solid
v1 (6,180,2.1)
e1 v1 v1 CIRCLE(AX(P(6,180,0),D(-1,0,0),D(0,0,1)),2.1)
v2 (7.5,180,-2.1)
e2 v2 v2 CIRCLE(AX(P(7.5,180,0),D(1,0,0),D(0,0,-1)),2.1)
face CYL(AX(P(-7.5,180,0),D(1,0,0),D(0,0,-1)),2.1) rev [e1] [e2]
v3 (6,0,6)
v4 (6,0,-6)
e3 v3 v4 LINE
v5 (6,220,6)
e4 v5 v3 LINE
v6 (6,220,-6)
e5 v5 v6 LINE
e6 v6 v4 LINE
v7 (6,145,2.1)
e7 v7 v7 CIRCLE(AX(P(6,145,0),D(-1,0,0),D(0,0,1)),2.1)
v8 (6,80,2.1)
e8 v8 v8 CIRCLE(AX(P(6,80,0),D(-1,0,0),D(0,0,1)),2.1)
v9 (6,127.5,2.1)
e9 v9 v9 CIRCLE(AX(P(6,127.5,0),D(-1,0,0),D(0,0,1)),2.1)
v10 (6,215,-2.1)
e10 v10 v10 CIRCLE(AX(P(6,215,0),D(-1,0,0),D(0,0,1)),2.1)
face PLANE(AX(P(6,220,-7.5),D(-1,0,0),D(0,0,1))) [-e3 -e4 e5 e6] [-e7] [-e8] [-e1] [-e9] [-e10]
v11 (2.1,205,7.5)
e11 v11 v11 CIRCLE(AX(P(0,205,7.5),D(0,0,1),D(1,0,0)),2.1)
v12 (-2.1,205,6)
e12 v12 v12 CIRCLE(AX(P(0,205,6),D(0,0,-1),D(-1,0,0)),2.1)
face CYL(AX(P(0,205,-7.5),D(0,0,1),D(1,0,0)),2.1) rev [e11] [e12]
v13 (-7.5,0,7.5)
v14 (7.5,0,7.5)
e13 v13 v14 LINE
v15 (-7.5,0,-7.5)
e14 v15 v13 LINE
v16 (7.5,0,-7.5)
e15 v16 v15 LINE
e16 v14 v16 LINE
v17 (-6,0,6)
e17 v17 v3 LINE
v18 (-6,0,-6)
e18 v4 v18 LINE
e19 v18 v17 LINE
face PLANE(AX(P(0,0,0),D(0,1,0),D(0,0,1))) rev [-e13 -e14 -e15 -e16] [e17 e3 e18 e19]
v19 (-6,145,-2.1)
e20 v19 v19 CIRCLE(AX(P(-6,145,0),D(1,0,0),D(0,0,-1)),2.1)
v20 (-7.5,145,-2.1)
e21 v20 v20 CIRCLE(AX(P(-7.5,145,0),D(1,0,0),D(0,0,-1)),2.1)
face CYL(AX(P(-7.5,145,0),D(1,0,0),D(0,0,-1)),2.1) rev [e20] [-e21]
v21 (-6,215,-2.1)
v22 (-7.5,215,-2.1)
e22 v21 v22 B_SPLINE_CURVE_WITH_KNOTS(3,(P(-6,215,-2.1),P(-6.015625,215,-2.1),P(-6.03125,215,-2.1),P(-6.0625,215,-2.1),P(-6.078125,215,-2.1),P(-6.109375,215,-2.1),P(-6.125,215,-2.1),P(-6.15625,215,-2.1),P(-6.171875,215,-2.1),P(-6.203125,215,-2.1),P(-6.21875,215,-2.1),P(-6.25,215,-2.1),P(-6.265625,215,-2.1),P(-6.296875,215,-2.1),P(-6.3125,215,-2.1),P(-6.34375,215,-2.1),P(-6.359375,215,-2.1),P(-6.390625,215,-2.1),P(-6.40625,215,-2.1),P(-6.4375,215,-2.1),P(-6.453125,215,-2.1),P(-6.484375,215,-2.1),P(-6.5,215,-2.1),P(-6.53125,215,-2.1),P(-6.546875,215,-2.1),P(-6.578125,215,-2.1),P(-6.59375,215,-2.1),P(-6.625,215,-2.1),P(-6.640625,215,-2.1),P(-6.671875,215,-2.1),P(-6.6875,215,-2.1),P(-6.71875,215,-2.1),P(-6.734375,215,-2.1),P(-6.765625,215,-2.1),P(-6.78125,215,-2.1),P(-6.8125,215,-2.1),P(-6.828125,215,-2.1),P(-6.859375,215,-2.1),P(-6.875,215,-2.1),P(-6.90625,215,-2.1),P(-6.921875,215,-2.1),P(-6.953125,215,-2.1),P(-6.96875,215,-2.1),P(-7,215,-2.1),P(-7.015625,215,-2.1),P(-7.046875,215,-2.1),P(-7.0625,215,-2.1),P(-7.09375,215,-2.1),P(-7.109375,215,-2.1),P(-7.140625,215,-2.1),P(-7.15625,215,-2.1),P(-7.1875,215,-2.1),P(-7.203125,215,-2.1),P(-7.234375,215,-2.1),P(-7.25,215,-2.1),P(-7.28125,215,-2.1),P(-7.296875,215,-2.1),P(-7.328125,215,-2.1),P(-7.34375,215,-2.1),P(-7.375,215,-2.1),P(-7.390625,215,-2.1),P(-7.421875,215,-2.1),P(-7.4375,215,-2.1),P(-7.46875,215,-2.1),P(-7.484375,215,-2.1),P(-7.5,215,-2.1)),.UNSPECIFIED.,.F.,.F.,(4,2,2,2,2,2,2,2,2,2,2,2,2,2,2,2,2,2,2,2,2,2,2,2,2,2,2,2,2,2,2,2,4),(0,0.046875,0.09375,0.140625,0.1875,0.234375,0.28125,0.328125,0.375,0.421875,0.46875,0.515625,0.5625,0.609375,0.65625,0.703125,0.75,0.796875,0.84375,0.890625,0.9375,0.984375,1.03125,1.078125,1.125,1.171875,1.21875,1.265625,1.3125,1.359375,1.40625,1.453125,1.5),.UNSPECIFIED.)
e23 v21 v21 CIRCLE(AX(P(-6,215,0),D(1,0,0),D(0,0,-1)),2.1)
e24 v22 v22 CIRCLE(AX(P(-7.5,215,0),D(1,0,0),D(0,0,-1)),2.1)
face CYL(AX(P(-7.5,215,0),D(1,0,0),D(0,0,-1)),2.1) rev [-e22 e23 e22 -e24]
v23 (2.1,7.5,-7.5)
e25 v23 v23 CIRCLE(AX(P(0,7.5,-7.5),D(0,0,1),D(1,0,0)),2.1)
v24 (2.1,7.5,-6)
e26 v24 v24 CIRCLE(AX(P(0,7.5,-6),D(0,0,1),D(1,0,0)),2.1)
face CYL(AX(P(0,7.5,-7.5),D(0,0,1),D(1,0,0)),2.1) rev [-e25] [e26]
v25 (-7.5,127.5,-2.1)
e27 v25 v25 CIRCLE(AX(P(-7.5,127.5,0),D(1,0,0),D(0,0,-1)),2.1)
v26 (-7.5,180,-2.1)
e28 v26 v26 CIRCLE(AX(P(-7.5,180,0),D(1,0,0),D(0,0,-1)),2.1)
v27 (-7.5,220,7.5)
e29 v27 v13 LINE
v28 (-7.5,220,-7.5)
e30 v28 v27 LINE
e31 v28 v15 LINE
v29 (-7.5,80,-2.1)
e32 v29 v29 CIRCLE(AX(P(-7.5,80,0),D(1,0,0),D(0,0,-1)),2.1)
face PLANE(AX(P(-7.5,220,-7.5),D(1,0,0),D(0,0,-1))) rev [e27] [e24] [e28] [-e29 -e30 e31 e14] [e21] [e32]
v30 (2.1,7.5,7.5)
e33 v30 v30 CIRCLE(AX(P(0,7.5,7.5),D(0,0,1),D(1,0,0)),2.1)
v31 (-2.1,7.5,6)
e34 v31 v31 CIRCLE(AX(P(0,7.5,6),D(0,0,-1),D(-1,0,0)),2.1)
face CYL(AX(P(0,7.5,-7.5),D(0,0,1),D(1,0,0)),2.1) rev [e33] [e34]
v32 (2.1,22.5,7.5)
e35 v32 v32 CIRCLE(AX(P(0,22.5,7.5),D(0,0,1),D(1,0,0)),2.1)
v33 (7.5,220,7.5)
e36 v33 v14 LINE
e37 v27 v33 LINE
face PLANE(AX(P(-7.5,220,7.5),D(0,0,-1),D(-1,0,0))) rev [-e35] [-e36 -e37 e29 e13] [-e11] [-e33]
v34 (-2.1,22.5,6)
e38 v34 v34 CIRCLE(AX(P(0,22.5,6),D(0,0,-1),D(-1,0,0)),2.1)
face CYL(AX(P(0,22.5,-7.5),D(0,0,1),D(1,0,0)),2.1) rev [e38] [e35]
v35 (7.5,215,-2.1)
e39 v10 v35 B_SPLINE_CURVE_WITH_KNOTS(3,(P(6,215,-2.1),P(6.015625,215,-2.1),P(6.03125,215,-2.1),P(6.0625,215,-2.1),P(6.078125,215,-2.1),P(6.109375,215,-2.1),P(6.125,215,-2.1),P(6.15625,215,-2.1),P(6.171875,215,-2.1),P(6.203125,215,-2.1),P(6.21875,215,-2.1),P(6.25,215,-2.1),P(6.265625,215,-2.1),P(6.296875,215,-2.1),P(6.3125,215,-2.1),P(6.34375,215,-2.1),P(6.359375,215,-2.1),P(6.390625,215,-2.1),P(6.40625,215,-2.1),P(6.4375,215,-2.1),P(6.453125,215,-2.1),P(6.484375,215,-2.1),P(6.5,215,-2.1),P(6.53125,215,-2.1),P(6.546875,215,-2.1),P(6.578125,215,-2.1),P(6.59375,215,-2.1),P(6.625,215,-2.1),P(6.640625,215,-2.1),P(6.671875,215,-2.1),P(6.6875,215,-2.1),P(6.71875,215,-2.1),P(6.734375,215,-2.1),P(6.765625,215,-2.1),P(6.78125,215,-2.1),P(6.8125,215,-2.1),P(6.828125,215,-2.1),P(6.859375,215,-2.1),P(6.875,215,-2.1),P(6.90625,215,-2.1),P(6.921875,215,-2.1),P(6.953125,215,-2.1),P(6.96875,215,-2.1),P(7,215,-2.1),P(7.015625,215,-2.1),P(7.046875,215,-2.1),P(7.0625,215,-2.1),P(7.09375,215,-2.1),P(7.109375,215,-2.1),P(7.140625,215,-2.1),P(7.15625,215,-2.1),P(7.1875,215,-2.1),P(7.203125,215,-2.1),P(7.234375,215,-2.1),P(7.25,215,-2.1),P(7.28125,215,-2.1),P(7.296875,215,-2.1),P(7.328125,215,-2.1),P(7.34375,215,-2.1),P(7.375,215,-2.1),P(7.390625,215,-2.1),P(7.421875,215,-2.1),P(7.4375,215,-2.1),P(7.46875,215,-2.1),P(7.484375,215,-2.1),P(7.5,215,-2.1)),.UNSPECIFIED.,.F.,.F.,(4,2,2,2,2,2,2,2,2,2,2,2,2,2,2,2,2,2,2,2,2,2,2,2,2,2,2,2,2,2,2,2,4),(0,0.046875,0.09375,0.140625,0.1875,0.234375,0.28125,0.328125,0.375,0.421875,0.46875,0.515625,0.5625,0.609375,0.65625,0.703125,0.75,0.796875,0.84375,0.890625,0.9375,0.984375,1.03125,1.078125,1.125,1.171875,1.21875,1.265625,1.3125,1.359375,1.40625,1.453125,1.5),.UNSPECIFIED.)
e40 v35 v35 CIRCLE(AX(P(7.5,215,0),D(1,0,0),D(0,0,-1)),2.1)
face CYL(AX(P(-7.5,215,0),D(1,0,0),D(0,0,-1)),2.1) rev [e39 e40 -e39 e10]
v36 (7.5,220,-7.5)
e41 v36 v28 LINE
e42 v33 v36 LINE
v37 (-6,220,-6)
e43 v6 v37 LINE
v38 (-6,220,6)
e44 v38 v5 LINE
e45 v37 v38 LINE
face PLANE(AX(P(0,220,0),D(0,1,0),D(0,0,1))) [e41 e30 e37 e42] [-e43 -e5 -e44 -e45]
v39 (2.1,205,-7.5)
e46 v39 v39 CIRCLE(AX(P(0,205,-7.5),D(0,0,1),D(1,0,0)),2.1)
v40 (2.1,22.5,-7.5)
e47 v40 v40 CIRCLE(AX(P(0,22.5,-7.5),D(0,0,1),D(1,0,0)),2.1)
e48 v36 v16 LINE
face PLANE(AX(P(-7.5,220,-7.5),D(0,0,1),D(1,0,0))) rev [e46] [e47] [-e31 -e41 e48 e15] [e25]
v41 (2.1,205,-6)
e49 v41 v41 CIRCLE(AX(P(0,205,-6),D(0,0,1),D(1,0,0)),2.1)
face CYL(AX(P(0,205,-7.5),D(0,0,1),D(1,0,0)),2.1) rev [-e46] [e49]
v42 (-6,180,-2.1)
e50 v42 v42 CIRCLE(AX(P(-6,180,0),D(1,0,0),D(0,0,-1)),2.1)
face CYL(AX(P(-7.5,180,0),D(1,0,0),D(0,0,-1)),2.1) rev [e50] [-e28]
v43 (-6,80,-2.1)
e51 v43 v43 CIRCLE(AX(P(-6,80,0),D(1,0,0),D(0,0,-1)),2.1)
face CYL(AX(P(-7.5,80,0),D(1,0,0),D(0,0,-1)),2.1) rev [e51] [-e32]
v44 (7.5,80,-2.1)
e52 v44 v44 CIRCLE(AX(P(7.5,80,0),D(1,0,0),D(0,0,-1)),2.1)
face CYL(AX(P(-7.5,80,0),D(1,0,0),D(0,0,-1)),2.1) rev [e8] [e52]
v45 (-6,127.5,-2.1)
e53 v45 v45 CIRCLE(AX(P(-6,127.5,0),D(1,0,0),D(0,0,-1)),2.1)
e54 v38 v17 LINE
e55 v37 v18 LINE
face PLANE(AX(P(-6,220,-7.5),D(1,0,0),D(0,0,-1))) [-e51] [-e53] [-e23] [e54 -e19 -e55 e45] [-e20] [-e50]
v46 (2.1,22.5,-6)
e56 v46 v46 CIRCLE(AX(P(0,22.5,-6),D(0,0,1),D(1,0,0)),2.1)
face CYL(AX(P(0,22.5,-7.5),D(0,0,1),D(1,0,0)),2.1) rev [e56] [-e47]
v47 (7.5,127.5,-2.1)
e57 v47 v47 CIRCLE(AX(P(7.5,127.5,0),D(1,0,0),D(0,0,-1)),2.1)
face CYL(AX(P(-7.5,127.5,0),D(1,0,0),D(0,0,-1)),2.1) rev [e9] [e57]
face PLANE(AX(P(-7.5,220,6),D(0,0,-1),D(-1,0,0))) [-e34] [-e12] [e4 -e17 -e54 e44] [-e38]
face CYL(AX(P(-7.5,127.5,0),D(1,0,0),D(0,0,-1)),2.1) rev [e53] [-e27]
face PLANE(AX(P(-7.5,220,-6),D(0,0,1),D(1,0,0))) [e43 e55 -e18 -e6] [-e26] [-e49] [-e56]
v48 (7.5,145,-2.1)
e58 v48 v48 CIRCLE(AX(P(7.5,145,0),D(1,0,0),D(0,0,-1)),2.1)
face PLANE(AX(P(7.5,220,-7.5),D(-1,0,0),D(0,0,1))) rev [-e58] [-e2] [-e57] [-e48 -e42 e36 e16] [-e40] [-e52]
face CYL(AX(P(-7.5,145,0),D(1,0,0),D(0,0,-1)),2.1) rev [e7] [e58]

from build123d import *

# Parameters (mm, degrees)
SKETCH_1_W          = 15
SKETCH_1_H          = 15
SKETCH_1_W_2        = 12
SKETCH_1_H_2        = 12
EXTRUDE_1_DEPTH     = 220
SKETCH_2_R          = 2.1
CUT_EXTRUDE_1_DEPTH = 221.638278637
SKETCH_3_R          = 2.1
CUT_EXTRUDE_2_DEPTH = 221.638278637
SKETCH_4_R          = 2.1
CUT_EXTRUDE_3_DEPTH = 221.638278637
SKETCH_5_R          = 2.1
CUT_EXTRUDE_4_DEPTH = 221.638278637
SKETCH_6_R          = 2.1
CUT_EXTRUDE_5_DEPTH = 221.638278637


with BuildPart() as part:
    # ｽｹｯﾁ1 → 押し出し-薄板1 (new body)
    with BuildSketch(Plane(origin=(0, 0, 0), x_dir=(1, 0, 0), z_dir=(0, 1, 0))):
        Rectangle(SKETCH_1_W, SKETCH_1_H)
        Rectangle(SKETCH_1_W_2, SKETCH_1_H_2, mode=Mode.SUBTRACT)
    extrude(amount=EXTRUDE_1_DEPTH)

    # ｽｹｯﾁ2 → ｶｯﾄ - 押し出し1 (cut, through all)
    with BuildSketch(Plane(origin=(7.5, 0, 0), x_dir=(0, 0, -1), z_dir=(1, 0, 0))):
        with Locations((0, 215)):
            Circle(SKETCH_2_R)
    extrude(amount=-CUT_EXTRUDE_1_DEPTH, mode=Mode.SUBTRACT)

    # ｽｹｯﾁ3 → ｶｯﾄ - 押し出し2 (cut, through all)
    with BuildSketch(Plane(origin=(7.5, 0, 0), x_dir=(0, 0, -1), z_dir=(1, 0, 0))):
        with Locations((0, 145)):
            Circle(SKETCH_3_R)
        with Locations((0, 180)):
            Circle(SKETCH_3_R)
    extrude(amount=-CUT_EXTRUDE_2_DEPTH, mode=Mode.SUBTRACT)

    # ｽｹｯﾁ4 → ｶｯﾄ - 押し出し3 (cut, through all)
    with BuildSketch(Plane.XY.offset(7.5)):
        with Locations((0, 205)):
            Circle(SKETCH_4_R)
    extrude(amount=-CUT_EXTRUDE_3_DEPTH, mode=Mode.SUBTRACT)

    # ｽｹｯﾁ5 → ｶｯﾄ - 押し出し4 (cut, through all)
    with BuildSketch(Plane.XY.offset(7.5)):
        with Locations((0, 22.5)):
            Circle(SKETCH_5_R)
        with Locations((0, 7.5)):
            Circle(SKETCH_5_R)
    extrude(amount=-CUT_EXTRUDE_4_DEPTH, mode=Mode.SUBTRACT)

    # ｽｹｯﾁ6 → ｶｯﾄ - 押し出し5 (cut, through all)
    with BuildSketch(Plane(origin=(7.5, 0, 0), x_dir=(0, 0, -1), z_dir=(1, 0, 0))):
        with Locations((0, 80)):
            Circle(SKETCH_6_R)
        with Locations((0, 127.5)):
            Circle(SKETCH_6_R)
    extrude(amount=-CUT_EXTRUDE_5_DEPTH, mode=Mode.SUBTRACT)


solid = part.part
